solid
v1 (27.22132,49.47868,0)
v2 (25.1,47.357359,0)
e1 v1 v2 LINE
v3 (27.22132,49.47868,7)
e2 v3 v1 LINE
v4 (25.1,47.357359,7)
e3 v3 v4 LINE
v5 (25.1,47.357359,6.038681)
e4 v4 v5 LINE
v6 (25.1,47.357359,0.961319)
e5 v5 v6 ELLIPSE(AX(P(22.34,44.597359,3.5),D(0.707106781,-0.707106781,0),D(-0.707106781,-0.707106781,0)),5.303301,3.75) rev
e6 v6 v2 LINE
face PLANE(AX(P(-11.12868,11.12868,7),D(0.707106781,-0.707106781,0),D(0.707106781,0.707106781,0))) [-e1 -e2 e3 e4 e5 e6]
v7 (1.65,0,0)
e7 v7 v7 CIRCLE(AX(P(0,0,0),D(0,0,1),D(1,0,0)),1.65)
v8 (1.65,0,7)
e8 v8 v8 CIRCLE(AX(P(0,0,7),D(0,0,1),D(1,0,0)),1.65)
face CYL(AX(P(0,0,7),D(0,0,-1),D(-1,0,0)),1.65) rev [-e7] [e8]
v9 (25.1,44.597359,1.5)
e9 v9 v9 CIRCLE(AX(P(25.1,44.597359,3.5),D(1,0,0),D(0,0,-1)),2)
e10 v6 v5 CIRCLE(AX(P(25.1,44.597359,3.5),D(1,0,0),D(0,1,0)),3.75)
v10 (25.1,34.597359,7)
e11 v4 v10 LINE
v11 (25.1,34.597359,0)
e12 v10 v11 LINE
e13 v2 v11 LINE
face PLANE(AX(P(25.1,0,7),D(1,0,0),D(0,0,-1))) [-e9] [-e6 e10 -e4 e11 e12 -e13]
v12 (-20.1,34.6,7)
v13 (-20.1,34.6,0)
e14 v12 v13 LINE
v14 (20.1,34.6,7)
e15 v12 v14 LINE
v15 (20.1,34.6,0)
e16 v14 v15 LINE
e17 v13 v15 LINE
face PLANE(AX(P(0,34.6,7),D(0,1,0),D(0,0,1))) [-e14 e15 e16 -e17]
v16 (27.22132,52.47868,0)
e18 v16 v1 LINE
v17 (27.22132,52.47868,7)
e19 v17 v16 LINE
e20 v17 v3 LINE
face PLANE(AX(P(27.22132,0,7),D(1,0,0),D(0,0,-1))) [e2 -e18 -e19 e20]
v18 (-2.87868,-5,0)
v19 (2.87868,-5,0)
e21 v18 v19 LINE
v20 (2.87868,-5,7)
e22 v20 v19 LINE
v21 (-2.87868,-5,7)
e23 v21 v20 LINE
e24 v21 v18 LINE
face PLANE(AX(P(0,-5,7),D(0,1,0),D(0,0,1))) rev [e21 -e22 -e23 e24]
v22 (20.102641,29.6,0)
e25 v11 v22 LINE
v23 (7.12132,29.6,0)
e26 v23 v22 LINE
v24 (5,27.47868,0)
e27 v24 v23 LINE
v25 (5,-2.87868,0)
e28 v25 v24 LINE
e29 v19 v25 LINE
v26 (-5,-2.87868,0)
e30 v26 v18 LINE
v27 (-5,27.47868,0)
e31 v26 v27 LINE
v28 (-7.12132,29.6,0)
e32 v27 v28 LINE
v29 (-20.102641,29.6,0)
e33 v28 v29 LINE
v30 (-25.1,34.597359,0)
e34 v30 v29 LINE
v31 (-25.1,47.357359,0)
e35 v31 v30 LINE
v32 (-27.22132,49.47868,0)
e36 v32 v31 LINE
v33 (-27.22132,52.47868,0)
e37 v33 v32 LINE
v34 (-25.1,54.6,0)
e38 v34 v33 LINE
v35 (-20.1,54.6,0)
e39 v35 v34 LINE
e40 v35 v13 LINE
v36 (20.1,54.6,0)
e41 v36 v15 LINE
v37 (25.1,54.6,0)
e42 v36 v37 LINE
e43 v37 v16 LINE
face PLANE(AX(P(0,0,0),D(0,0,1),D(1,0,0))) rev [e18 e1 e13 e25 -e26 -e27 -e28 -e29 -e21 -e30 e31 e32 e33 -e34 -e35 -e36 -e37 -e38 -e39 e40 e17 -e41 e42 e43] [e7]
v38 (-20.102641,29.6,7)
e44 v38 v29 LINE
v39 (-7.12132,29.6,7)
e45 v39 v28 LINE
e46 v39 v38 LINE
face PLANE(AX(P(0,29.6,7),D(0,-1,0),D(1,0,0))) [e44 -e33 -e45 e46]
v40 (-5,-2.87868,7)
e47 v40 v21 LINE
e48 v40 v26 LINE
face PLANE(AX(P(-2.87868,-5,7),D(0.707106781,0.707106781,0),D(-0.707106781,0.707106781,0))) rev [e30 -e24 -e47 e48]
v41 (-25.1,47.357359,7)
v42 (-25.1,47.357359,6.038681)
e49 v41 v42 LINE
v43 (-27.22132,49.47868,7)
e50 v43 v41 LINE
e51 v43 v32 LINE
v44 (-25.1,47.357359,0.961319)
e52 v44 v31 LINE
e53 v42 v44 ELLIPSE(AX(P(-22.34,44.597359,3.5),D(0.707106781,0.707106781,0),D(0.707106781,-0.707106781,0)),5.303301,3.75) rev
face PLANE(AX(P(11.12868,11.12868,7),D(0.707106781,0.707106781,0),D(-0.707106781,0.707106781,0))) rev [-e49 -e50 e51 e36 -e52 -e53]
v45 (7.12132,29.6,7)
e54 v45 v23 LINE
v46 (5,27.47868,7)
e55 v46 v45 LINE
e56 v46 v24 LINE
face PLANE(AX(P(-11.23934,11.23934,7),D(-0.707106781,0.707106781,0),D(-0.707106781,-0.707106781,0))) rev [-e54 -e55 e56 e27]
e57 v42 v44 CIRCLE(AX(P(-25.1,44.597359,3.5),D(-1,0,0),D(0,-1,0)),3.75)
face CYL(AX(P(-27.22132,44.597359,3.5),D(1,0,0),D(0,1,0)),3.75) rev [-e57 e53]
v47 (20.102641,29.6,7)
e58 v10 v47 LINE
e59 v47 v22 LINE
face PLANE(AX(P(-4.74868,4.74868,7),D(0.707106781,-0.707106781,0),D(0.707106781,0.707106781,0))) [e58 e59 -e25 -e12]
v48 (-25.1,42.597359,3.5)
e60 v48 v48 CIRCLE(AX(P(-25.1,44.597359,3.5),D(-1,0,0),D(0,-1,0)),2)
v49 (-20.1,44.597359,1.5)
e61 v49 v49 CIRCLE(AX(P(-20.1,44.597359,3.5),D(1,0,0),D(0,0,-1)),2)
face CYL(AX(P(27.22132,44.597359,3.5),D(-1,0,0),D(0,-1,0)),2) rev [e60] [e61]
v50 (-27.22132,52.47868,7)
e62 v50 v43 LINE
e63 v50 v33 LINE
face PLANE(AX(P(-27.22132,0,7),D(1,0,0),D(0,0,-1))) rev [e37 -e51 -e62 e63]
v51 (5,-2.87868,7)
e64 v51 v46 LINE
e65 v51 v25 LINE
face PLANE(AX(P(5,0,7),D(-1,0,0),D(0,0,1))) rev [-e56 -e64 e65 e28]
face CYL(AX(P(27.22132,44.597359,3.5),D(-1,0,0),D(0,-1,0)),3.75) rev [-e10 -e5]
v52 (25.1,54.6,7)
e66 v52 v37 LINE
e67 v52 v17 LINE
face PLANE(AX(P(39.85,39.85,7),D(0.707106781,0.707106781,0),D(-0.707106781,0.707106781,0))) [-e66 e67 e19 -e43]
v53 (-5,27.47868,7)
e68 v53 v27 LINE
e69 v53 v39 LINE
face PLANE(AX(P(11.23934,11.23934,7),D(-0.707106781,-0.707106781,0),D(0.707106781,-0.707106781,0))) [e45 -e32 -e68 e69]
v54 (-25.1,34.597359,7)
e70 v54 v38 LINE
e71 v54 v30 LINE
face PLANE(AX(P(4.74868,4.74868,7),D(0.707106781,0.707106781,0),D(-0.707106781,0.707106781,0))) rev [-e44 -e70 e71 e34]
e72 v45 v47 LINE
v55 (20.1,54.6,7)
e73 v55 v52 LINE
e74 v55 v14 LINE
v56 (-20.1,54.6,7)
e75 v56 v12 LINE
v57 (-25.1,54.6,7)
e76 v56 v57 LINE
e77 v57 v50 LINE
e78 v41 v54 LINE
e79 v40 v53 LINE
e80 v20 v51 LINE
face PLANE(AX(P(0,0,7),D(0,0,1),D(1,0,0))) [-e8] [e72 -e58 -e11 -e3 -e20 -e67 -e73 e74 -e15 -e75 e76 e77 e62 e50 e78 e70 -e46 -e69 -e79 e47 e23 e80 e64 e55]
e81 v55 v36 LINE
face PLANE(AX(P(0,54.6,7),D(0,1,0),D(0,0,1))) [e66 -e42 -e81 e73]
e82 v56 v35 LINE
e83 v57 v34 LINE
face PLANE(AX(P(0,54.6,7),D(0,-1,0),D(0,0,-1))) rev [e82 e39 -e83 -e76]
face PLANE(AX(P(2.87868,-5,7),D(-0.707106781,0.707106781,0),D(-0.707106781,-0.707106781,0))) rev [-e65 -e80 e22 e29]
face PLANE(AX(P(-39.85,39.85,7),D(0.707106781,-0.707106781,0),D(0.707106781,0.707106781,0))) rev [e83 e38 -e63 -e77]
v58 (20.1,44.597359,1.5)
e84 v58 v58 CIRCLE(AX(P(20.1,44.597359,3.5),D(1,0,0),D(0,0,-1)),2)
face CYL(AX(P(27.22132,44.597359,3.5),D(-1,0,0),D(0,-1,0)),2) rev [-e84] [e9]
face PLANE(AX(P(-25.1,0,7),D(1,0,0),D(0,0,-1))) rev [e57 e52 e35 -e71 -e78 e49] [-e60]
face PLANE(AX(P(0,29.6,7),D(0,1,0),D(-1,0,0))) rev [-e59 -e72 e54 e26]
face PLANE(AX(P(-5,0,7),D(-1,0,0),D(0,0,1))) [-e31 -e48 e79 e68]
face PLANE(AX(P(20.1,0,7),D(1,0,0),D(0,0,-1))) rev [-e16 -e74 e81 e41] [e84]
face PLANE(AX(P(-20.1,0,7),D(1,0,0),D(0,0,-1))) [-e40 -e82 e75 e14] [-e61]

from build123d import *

# Parameters (mm, degrees)
CROQUIS1_R              = 1.65
SALIENTE_EXTRUIR1_DEPTH = 7
CORTAR_EXTRUIR1_DEPTH   = 8
CROQUIS3_R              = 2
CORTAR_EXTRUIR3_DEPTH   = 53.321320344
CROQUIS4_R              = 3.75
CORTAR_EXTRUIR4_DEPTH   = 3.121320344
CROQUIS5_R              = 3.75
CORTAR_EXTRUIR5_DEPTH   = 3.121320344


with BuildPart() as part:
    # Croquis1 → Saliente-Extruir1 (new body)
    with BuildSketch(Plane.XY):
        Polygon((-5, 27.478679656), (-5, -5), (5, -5), (5, 27.478679656), (7.121320344, 29.6), (20.102640687, 29.6), (25.1, 34.597359313), (25.1, 47.357359313), (27.221320344, 49.478679656), (27.221320344, 52.478679656), (25.1, 54.6), (20.1, 54.6), (20.1, 34.6), (-20.1, 34.6), (-20.1, 54.6), (-25.1, 54.6), (-27.221320344, 52.478679656), (-27.221320344, 49.478679656), (-25.1, 47.357359313), (-25.1, 34.597359313), (-20.102640687, 29.6), (-7.121320344, 29.6), align=None)
        Circle(CROQUIS1_R, mode=Mode.SUBTRACT)
    extrude(amount=SALIENTE_EXTRUIR1_DEPTH)

    # Croquis2 → Cortar-Extruir1 (cut, through all)
    with BuildSketch(Plane(origin=(0, 0, 0), x_dir=(-1, 0, 0), z_dir=(0, 0, -1))):
        Polygon((-5, -5), (-2.878679656, -5), (-5, -2.878679656), align=None)
        Polygon((2.878679656, -5), (5, -2.878679656), (5, -5), align=None)
    extrude(amount=-CORTAR_EXTRUIR1_DEPTH, mode=Mode.SUBTRACT)

    # Croquis3 → Cortar-Extruir3 (cut, through all)
    with BuildSketch(Plane.ZY.offset(25.1)):
        with Locations((3.5, 44.597359313)):
            Circle(CROQUIS3_R)
    extrude(amount=-CORTAR_EXTRUIR3_DEPTH, mode=Mode.SUBTRACT)

    # Croquis4 → Cortar-Extruir4 (cut, through all)
    with BuildSketch(Plane.ZY.offset(25.1)):
        with Locations((3.5, 44.597359313)):
            Circle(CROQUIS4_R)
    extrude(amount=CORTAR_EXTRUIR4_DEPTH, mode=Mode.SUBTRACT)

    # Croquis5 → Cortar-Extruir5 (cut, through all)
    with BuildSketch(Plane(origin=(25.1, 0, 0), x_dir=(0, 0, -1), z_dir=(1, 0, 0))):
        with Locations((-3.5, 44.597359313)):
            Circle(CROQUIS5_R)
    extrude(amount=CORTAR_EXTRUIR5_DEPTH, mode=Mode.SUBTRACT)


solid = part.part
